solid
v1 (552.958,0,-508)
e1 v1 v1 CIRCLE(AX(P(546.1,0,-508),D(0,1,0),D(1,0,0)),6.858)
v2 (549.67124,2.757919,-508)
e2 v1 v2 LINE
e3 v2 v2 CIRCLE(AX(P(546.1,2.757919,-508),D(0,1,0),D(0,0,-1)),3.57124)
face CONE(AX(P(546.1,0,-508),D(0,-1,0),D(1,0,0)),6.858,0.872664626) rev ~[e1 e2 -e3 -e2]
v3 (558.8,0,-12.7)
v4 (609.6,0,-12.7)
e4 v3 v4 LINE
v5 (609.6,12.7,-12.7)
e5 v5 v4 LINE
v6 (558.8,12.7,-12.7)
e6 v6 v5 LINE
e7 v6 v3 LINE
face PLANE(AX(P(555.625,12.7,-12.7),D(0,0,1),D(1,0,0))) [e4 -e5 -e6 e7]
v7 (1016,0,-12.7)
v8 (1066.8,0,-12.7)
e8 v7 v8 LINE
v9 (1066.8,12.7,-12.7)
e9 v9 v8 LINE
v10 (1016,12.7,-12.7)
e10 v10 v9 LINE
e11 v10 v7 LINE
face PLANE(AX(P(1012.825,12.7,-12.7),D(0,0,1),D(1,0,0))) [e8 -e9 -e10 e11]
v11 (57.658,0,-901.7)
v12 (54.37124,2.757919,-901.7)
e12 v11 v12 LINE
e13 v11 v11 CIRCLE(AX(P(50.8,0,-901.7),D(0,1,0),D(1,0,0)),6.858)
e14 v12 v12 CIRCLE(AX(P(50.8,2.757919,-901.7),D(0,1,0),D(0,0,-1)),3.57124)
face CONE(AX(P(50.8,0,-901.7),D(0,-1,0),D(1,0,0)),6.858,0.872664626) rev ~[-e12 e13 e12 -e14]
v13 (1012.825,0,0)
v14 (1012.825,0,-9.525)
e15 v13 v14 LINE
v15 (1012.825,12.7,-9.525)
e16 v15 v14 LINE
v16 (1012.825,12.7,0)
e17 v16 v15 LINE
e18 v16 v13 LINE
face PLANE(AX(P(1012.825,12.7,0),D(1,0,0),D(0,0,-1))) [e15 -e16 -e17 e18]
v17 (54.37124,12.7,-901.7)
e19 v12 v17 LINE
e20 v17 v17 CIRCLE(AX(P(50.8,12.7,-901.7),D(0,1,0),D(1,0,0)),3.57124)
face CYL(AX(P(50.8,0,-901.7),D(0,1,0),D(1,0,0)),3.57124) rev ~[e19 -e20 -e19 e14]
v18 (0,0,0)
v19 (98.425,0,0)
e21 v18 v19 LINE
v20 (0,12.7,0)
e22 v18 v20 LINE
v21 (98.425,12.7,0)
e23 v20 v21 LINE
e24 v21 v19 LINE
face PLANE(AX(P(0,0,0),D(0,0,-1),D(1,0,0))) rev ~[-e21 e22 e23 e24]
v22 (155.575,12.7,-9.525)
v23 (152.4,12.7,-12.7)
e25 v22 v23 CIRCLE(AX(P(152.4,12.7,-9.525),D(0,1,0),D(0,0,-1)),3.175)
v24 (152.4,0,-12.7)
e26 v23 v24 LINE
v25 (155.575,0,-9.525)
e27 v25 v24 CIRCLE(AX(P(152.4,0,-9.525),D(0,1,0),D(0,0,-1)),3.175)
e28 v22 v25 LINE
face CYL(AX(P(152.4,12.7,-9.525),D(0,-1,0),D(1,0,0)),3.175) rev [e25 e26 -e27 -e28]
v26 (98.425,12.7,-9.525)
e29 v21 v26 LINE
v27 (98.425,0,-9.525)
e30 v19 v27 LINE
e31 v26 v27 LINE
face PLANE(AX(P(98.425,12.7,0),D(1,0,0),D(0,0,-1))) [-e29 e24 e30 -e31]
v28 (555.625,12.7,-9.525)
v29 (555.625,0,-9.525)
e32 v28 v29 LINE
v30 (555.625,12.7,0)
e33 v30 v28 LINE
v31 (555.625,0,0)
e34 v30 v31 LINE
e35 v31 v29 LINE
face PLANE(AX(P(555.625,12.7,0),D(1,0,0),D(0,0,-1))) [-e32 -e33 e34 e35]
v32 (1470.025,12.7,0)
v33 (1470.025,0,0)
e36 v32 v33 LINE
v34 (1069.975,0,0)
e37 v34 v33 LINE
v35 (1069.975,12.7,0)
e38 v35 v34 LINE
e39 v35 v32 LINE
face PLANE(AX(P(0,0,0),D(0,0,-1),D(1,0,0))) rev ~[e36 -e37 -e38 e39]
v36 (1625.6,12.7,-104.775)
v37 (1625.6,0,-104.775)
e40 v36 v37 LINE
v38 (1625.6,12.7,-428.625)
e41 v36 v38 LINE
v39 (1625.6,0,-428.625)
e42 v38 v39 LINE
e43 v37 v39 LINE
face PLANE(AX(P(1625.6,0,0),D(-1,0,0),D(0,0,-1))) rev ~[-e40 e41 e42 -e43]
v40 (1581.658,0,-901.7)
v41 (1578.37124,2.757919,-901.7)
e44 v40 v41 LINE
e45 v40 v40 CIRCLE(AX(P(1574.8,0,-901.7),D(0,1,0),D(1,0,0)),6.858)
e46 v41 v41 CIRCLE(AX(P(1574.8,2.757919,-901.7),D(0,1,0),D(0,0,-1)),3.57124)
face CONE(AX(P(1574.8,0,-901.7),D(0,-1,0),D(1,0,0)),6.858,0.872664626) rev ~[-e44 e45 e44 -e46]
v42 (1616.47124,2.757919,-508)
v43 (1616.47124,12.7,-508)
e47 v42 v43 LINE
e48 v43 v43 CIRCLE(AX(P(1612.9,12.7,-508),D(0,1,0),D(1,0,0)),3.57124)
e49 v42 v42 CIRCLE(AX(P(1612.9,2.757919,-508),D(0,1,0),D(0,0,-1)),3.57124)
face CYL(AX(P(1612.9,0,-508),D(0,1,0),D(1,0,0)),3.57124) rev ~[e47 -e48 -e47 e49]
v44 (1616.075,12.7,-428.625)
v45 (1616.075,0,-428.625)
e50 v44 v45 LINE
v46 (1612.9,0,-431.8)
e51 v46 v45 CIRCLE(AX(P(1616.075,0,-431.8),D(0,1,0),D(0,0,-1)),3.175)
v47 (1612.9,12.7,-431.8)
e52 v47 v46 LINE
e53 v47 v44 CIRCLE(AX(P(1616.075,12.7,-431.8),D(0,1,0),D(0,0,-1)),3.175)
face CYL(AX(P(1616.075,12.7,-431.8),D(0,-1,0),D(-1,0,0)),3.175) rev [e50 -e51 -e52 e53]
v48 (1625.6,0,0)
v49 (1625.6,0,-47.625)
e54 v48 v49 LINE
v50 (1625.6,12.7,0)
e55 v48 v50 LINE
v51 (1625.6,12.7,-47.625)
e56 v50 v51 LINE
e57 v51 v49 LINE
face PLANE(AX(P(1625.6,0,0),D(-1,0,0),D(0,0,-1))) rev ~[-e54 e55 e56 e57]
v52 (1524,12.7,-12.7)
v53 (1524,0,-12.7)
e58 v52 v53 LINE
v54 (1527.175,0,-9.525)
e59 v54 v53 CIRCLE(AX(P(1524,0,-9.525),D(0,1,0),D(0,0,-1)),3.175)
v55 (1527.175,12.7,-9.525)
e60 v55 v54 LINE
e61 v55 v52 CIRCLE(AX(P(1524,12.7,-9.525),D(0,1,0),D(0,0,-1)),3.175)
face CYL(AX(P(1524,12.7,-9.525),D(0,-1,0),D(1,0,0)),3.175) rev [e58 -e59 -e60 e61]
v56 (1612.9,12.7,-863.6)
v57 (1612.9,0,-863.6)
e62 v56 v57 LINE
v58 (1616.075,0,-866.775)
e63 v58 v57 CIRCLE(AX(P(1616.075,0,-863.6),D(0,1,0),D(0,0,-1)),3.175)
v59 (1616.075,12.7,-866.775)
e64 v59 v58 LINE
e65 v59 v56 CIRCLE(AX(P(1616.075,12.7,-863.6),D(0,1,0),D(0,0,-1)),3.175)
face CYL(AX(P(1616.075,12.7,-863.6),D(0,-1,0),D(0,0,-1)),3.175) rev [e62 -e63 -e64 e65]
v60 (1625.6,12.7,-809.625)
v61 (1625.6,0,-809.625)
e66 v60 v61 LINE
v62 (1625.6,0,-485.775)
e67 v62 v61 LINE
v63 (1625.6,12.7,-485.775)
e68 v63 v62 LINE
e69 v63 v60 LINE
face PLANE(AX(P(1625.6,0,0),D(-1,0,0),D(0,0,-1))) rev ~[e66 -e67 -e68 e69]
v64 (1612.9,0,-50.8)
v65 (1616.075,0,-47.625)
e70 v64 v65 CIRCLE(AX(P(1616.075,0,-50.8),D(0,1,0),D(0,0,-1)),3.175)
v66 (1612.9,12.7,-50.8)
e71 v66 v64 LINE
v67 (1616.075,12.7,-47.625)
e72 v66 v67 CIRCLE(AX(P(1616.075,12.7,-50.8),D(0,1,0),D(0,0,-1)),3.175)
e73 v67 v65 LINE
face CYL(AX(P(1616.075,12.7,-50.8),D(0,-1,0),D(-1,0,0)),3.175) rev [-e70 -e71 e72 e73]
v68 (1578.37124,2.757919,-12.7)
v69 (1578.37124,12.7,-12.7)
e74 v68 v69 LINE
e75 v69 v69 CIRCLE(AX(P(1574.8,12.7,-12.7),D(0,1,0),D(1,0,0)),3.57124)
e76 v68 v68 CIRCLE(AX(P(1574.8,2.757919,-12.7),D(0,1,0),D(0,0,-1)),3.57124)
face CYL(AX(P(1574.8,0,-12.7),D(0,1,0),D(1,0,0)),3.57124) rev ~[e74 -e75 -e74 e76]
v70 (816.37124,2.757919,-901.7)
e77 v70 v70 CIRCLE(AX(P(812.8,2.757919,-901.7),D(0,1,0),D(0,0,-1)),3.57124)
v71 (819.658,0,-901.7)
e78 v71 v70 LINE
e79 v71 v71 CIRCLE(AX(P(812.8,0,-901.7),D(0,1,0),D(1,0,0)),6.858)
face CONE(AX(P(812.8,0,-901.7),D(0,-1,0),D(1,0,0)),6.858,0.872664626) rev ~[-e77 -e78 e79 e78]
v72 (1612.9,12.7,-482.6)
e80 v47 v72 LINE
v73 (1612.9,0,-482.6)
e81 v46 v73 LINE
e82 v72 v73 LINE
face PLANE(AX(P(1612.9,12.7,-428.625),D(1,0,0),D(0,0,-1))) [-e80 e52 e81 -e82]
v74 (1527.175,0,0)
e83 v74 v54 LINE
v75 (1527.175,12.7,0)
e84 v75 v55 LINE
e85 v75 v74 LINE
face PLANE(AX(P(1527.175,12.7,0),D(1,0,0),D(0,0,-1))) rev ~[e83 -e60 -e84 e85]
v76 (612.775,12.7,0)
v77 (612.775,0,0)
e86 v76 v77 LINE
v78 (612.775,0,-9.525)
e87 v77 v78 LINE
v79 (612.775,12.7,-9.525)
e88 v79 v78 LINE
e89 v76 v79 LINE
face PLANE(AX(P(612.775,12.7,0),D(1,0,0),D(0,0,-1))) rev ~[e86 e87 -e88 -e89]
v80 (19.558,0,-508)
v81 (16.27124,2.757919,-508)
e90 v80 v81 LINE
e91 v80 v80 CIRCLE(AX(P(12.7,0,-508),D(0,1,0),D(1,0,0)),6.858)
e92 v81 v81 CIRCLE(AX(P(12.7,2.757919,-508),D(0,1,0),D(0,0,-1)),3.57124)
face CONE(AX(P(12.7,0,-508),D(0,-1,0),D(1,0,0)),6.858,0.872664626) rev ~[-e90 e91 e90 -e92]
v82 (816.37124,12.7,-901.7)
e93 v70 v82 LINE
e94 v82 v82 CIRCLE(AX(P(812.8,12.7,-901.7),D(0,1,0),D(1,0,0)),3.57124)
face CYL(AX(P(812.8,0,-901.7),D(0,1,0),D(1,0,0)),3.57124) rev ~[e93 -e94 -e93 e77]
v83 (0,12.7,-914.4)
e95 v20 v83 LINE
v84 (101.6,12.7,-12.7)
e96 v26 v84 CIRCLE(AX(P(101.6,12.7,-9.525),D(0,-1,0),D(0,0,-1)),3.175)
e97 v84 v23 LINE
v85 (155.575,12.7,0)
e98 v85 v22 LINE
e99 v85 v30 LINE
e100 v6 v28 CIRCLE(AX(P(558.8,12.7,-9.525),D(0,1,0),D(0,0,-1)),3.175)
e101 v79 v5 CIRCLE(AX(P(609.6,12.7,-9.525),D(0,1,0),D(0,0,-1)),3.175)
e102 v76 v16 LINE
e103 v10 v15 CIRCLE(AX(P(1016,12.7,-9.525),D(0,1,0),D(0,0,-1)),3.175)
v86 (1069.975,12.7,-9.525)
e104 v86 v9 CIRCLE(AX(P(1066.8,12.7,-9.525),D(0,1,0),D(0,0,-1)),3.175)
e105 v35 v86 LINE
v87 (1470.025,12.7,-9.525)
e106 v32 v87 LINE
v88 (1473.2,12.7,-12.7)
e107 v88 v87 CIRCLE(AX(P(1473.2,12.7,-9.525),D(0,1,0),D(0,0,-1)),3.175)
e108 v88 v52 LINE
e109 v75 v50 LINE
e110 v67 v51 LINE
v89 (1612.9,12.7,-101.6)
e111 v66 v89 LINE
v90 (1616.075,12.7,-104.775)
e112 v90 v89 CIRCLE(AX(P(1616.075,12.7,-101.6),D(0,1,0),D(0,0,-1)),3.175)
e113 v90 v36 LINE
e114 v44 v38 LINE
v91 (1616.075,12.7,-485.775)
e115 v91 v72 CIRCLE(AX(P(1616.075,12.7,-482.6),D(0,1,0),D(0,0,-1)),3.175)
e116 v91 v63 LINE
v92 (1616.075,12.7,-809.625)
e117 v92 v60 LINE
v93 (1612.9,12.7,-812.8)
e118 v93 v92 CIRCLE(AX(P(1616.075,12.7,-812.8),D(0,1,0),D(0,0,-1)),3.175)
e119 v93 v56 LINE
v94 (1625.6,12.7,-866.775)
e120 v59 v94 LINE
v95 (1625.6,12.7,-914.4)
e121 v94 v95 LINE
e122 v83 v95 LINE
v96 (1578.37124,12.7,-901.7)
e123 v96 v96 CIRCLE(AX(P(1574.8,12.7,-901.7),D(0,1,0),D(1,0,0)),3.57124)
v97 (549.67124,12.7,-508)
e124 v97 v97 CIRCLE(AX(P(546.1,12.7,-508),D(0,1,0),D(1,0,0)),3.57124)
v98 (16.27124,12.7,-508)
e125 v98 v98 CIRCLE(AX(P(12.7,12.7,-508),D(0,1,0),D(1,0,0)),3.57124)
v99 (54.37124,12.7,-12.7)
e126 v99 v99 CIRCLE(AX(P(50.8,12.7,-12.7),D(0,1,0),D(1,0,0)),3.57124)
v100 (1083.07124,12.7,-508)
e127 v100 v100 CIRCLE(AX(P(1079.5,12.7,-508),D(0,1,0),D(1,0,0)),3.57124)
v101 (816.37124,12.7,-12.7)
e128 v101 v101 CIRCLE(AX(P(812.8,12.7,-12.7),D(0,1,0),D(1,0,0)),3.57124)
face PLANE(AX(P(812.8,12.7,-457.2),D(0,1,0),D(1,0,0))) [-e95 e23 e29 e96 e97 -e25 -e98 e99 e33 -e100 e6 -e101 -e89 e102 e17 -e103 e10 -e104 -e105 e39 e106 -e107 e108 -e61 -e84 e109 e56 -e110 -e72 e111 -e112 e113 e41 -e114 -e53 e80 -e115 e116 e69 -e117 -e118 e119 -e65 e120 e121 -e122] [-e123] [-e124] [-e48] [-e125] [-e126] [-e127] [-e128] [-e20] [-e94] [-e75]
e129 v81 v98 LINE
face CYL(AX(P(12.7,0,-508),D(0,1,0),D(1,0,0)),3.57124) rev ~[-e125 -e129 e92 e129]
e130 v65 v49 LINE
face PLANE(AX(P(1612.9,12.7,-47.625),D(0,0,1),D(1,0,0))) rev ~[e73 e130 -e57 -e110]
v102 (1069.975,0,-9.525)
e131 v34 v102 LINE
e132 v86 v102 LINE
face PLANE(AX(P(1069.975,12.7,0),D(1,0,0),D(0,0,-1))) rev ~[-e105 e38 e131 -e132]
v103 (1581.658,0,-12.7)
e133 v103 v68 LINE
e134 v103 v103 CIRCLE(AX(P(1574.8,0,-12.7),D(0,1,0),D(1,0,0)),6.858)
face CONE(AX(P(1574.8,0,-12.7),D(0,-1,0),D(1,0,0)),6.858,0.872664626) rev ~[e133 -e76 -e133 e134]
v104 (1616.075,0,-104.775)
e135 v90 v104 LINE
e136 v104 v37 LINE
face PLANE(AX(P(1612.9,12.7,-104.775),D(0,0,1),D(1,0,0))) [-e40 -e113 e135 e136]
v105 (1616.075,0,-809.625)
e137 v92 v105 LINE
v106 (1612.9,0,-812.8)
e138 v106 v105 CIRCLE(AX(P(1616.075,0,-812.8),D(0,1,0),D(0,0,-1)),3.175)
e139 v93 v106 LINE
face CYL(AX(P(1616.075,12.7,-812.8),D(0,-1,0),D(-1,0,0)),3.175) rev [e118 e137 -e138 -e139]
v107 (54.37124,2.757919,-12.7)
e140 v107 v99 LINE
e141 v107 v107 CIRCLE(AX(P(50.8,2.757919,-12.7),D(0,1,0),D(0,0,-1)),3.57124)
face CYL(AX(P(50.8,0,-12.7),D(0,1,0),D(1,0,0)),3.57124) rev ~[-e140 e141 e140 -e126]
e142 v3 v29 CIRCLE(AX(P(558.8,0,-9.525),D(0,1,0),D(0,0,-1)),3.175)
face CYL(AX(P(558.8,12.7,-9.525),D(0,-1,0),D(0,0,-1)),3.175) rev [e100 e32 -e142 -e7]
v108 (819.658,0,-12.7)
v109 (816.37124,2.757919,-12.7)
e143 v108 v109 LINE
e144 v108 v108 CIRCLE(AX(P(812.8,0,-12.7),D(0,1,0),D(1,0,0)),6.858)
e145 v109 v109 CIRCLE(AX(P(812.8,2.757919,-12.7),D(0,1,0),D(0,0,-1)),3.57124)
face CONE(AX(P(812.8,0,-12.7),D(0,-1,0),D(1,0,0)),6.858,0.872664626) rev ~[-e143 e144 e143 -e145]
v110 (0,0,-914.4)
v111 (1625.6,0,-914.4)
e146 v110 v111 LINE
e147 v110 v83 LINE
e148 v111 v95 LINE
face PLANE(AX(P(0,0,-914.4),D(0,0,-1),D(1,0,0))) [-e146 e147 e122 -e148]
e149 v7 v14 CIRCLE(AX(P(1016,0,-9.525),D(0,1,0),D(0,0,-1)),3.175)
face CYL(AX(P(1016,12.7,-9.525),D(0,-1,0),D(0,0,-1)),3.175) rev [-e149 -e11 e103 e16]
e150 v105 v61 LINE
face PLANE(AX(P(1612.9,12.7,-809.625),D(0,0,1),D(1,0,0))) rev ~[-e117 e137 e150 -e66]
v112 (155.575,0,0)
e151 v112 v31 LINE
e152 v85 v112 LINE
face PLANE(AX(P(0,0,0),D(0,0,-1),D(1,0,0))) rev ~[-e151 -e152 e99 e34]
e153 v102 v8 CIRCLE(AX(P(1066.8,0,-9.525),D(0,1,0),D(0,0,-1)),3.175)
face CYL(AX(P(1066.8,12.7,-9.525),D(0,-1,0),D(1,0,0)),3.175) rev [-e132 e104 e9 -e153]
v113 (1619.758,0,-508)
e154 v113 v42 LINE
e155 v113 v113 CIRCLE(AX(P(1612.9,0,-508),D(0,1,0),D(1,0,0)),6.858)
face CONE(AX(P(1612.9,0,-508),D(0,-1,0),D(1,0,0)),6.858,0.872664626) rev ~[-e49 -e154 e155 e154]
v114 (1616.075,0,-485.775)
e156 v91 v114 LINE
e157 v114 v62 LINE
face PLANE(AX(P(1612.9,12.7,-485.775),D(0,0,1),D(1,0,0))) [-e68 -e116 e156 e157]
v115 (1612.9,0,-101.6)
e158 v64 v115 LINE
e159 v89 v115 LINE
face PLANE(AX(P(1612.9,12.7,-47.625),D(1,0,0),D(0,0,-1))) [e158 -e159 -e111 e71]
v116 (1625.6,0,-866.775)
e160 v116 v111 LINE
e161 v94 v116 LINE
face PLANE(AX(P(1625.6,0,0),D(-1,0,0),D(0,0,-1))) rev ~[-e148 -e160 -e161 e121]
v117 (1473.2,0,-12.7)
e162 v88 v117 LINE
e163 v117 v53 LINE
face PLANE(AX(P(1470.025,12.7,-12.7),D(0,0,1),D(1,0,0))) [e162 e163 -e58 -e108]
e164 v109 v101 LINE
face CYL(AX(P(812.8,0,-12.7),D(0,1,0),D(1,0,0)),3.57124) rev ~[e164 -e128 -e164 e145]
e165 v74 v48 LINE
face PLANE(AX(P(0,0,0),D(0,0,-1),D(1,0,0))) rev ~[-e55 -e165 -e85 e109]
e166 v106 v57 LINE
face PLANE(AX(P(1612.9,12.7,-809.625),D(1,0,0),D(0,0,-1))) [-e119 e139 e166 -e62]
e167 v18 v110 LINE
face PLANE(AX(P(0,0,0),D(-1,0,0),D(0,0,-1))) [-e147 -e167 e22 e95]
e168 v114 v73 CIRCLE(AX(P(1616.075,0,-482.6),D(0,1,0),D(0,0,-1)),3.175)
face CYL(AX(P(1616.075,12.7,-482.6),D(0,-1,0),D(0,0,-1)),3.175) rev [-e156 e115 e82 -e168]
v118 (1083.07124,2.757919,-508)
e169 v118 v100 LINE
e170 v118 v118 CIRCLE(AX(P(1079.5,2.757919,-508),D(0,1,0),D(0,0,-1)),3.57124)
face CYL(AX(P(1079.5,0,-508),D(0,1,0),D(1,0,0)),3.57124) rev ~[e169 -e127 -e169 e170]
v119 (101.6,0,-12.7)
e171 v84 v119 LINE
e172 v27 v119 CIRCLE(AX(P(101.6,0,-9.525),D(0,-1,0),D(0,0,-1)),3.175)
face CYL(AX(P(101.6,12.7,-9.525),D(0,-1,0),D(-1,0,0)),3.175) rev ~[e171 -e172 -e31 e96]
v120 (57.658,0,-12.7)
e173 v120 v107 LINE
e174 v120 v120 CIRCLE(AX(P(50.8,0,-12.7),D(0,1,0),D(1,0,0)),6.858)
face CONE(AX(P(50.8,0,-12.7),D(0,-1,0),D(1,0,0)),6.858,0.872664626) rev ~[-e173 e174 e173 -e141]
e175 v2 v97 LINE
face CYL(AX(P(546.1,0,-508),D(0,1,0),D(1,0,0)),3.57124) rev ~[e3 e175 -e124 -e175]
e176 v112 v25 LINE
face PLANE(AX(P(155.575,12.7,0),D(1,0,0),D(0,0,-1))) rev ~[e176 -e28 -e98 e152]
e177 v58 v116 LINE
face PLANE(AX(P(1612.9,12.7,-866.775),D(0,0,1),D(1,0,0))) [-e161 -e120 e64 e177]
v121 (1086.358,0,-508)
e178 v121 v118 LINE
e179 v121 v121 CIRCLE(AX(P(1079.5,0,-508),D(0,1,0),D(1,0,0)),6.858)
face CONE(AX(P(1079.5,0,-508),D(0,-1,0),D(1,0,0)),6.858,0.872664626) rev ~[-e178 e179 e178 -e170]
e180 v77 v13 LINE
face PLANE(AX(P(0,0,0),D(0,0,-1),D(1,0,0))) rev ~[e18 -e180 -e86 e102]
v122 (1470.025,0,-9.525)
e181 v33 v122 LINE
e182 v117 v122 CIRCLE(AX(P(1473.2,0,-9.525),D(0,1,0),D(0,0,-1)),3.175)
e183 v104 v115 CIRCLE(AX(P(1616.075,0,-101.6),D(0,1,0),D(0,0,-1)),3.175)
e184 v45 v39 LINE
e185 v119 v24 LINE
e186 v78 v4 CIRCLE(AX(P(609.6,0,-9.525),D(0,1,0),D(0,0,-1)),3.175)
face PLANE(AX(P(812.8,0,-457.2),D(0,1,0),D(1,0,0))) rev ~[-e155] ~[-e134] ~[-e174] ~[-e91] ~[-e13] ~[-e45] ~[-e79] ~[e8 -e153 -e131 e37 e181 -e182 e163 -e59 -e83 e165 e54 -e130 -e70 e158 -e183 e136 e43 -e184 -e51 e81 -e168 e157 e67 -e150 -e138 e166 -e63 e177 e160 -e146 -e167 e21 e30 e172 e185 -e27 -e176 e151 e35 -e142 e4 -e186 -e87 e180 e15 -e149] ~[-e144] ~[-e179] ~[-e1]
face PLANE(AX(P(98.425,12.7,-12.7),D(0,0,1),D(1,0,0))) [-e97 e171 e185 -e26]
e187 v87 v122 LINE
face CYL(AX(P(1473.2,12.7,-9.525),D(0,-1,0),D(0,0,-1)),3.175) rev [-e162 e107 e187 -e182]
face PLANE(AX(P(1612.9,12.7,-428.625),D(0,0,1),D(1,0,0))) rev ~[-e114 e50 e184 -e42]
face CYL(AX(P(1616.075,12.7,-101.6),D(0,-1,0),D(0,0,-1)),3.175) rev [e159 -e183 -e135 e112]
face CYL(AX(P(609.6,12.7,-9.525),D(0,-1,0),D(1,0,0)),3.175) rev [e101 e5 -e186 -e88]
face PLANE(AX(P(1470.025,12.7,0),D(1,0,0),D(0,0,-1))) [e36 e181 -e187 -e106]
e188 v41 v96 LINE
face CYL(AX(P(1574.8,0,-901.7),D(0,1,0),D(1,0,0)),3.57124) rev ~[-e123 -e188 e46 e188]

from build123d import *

# Parameters (mm, degrees)
SKETCH1_W                                           = 1625.6
SKETCH1_H                                           = 914.4
BOSS_EXTRUDE1_DEPTH                                 = 12.7
CSK_FOR_1_4_FLAT_HEAD_MACHINE_SCREW_100_D           = 7.14248
CSK_FOR_1_4_FLAT_HEAD_MACHINE_SCREW_100_CSINK_D     = 13.716
CSK_FOR_1_4_FLAT_HEAD_MACHINE_SCREW_100_CSINK_ANGLE = 100
SKETCH5_W                                           = 57.15
SKETCH5_H                                           = 12.7
CUT_EXTRUDE1_DEPTH                                  = 13.7
LPATTERN1_COUNT                                     = 4
LPATTERN1_PITCH                                     = 457.2
SKETCH6_W                                           = 12.7
SKETCH6_H                                           = 57.15
CUT_EXTRUDE2_DEPTH                                  = 13.7
LPATTERN2_COUNT                                     = 3
LPATTERN2_PITCH                                     = 381
FILLET1_R                                           = 3.175


with BuildPart() as part:
    # Sketch1 → Boss-Extrude1 (new body)
    with BuildSketch(Plane(origin=(0, 0, 0), x_dir=(1, 0, 0), z_dir=(0, 1, 0))):
        with Locations((812.8, 457.2)):
            Rectangle(SKETCH1_W, SKETCH1_H)
    extrude(amount=BOSS_EXTRUDE1_DEPTH)

    # CSK for 1/4 Flat Head Machine Screw (100)1 (through all)
    with Locations(Plane(origin=(0, 0, 0), x_dir=(-1, 0, 0), z_dir=(0, -1, 0))):
        with Locations((-50.8, 12.7), (-12.7, 508), (-50.8, 901.7), (-546.1, 508), (-1079.5, 508), (-812.8, 12.7), (-1574.8, 12.7), (-1574.8, 901.7), (-1612.9, 508), (-812.8, 901.7)):
            CounterSinkHole(CSK_FOR_1_4_FLAT_HEAD_MACHINE_SCREW_100_D / 2, CSK_FOR_1_4_FLAT_HEAD_MACHINE_SCREW_100_CSINK_D / 2, counter_sink_angle=CSK_FOR_1_4_FLAT_HEAD_MACHINE_SCREW_100_CSINK_ANGLE)

    # Sketch5 → Cut-Extrude1 (cut, through all)
    with BuildSketch(Plane(origin=(0, 12.7, 0), x_dir=(1, 0, 0), z_dir=(0, 1, 0))):
        with Locations((127, 6.35)):
            Rectangle(SKETCH5_W, SKETCH5_H)
    cut_extrude1 = extrude(amount=-CUT_EXTRUDE1_DEPTH, mode=Mode.SUBTRACT)

    # LPattern1: Cut-Extrude1 ×4
    with Locations(*[(i * LPATTERN1_PITCH, 0, 0) for i in range(1, LPATTERN1_COUNT)]):
        add(cut_extrude1, mode=Mode.SUBTRACT)

    # Sketch6 → Cut-Extrude2 (cut, through all)
    with BuildSketch(Plane(origin=(0, 12.7, 0), x_dir=(1, 0, 0), z_dir=(0, 1, 0))):
        with Locations((1619.25, 76.2)):
            Rectangle(SKETCH6_W, SKETCH6_H)
    cut_extrude2 = extrude(amount=-CUT_EXTRUDE2_DEPTH, mode=Mode.SUBTRACT)

    # LPattern2: Cut-Extrude2 ×3
    with Locations(*[(0, 0, -i * LPATTERN2_PITCH) for i in range(1, LPATTERN2_COUNT)]):
        add(cut_extrude2, mode=Mode.SUBTRACT)

    # Fillet1
    fillet1_edges = [part.edges().sort_by_distance(p)[0] for p in [
        (555.625, 6.35, -12.7),
        (612.775, 6.35, -12.7),
        (1012.825, 6.35, -12.7),
        (1069.975, 6.35, -12.7),
        (1470.025, 6.35, -12.7),
        (1527.175, 6.35, -12.7),
        (1612.9, 6.35, -47.625),
        (1612.9, 6.35, -104.775),
        (1612.9, 6.35, -428.625),
        (1612.9, 6.35, -485.775),
        (1612.9, 6.35, -809.625),
        (1612.9, 6.35, -866.775),
        (98.425, 6.35, -12.7),
        (155.575, 6.35, -12.7),
    ]]
    fillet(fillet1_edges, radius=FILLET1_R)


solid = part.part
